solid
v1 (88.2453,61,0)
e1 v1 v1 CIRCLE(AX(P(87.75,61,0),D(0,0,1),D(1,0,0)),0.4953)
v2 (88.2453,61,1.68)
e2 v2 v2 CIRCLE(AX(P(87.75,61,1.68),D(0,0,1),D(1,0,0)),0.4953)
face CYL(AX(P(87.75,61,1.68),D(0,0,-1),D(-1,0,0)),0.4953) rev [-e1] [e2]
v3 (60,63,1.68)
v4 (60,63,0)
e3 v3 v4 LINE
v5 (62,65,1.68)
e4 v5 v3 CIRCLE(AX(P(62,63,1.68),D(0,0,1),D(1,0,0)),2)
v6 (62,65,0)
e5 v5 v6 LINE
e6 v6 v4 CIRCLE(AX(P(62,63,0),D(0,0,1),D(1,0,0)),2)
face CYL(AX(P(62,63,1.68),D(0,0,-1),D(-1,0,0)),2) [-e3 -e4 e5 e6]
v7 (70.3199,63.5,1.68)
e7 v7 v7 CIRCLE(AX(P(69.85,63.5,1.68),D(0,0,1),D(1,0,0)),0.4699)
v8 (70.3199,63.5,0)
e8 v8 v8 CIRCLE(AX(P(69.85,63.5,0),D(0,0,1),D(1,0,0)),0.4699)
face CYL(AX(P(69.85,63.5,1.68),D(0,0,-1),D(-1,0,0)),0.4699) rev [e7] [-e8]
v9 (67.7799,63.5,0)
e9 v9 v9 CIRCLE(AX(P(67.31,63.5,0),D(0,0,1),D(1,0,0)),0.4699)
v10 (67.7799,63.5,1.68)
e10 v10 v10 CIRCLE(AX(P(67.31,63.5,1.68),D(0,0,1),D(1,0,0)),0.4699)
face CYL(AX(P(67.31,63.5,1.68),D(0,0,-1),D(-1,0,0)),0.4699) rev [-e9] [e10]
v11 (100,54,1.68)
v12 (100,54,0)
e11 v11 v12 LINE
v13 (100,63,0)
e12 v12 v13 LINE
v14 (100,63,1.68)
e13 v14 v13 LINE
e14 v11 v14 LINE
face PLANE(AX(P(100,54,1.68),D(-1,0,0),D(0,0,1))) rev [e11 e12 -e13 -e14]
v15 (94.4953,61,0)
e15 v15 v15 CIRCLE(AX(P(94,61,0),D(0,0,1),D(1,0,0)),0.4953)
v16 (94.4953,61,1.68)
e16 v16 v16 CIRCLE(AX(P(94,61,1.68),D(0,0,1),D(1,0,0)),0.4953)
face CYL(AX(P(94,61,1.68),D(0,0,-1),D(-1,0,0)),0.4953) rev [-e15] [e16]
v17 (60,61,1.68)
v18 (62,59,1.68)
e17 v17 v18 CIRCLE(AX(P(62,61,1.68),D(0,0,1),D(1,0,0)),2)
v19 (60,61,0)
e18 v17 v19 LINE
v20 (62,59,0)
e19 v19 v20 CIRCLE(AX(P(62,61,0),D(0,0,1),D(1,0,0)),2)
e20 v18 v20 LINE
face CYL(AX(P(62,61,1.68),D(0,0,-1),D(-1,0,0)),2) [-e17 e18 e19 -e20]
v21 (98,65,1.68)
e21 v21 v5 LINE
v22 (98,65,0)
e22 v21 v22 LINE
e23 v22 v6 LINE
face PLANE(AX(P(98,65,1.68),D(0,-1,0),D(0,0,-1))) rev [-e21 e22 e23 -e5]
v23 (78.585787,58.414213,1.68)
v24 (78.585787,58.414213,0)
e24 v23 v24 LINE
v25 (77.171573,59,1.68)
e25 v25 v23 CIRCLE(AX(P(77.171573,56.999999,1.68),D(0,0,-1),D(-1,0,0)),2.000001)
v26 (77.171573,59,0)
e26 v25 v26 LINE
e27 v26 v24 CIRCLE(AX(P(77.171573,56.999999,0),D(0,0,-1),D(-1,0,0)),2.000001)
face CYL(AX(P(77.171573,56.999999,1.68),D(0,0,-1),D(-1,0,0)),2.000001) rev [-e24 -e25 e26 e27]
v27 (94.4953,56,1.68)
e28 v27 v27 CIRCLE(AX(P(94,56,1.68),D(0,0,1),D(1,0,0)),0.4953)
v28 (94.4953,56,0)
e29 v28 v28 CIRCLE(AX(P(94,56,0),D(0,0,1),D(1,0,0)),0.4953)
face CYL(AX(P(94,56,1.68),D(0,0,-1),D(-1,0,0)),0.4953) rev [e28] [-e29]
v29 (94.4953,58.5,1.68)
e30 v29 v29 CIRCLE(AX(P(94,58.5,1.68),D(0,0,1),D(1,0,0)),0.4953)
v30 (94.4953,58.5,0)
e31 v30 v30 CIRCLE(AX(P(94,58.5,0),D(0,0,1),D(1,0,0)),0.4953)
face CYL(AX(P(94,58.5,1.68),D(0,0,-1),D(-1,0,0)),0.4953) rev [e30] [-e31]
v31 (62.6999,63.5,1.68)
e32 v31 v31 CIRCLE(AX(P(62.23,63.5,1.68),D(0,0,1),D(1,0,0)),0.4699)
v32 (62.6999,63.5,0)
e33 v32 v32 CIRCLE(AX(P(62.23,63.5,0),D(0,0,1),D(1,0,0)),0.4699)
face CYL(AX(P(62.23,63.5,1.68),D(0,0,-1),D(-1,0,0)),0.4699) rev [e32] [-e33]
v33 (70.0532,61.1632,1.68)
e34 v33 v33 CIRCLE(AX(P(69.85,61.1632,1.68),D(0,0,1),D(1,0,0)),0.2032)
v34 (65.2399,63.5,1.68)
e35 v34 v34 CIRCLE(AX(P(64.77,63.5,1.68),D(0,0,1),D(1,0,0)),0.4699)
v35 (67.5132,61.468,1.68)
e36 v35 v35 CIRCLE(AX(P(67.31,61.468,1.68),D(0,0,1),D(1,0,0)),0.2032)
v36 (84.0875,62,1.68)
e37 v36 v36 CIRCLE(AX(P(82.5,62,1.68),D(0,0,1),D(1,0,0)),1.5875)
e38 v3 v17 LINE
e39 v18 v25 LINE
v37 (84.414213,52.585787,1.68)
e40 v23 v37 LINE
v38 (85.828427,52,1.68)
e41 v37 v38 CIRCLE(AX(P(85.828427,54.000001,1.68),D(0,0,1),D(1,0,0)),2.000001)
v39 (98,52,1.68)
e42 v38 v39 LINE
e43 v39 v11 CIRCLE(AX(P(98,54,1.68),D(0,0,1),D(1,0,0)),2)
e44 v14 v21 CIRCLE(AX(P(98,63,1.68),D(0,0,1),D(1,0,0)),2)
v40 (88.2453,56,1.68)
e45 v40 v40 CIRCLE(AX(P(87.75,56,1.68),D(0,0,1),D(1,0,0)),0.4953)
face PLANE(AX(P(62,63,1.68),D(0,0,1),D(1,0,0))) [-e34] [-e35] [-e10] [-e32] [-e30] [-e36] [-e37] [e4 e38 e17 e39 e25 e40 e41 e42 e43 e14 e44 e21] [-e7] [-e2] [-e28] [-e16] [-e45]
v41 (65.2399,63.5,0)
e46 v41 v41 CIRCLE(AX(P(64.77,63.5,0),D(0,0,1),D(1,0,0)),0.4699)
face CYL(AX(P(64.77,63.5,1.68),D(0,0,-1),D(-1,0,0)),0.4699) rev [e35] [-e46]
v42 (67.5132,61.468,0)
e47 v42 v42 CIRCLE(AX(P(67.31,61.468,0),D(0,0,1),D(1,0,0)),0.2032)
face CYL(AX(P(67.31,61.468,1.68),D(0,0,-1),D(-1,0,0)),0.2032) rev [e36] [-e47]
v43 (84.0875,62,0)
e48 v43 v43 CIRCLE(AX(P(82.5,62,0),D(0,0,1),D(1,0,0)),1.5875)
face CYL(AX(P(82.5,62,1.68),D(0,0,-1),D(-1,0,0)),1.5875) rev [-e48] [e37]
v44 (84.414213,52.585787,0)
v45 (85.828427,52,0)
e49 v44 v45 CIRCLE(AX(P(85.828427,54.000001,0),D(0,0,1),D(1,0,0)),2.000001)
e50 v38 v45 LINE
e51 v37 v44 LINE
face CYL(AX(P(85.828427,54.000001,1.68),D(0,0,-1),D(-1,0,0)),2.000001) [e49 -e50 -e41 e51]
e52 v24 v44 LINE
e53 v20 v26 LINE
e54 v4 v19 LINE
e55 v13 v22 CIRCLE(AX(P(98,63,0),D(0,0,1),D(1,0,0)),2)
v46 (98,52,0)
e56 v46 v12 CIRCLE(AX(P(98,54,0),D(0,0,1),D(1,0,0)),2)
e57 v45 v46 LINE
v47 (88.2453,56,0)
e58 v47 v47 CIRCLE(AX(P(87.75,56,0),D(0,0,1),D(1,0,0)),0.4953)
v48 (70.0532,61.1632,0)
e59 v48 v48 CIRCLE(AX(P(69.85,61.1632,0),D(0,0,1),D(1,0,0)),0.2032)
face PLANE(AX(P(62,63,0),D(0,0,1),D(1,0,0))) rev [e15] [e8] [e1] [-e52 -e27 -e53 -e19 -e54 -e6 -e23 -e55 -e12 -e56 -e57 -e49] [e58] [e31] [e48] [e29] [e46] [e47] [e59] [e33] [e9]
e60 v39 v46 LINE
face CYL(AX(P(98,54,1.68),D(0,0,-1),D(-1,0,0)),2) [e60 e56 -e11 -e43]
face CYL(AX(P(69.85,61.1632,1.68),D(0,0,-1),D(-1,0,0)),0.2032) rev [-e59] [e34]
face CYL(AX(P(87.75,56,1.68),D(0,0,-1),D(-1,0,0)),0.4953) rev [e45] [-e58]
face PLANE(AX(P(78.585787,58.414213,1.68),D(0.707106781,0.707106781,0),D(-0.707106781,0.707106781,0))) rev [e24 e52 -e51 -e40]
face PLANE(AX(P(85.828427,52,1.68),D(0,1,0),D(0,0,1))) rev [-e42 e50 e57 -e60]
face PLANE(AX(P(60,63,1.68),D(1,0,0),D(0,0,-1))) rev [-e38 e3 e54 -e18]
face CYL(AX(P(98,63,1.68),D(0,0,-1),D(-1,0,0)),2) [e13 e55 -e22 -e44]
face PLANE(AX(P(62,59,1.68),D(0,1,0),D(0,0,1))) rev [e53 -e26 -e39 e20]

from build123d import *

# Parameters (mm, degrees)
BOARD_DEPTH        = 1.68
SKETCH2_R          = 0.2032
SKETCH2_R_2        = 0.4699
SKETCH2_R_3        = 1.5875
SKETCH2_R_4        = 0.4953
PLATED_HOLES_DEPTH = 2.68


with BuildPart() as part:
    # Sketch1 → BOARD (new body)
    with BuildSketch(Plane.XY):
        with BuildLine():
            Line((60, 63), (60, 61))
            ThreePointArc((60, 61), (60.585786438, 59.585786438), (62, 59))
            Line((62, 59), (77.171572667, 59))
            ThreePointArc((77.171572667, 59), (77.936939773, 58.847758994), (78.585786667, 58.414213333))
            Line((78.585786667, 58.414213333), (84.414213333, 52.585786667))
            ThreePointArc((84.414213333, 52.585786667), (85.063060227, 52.152241006), (85.828427333, 52))
            Line((85.828427333, 52), (98, 52))
            ThreePointArc((98, 52), (99.414213562, 52.585786438), (100, 54))
            Line((100, 54), (100, 63))
            ThreePointArc((100, 63), (99.414213562, 64.414213562), (98, 65))
            Line((98, 65), (62, 65))
            ThreePointArc((62, 65), (60.585786438, 64.414213562), (60, 63))
        make_face()
    extrude(amount=BOARD_DEPTH)

    # Sketch2 → PLATED HOLES (cut, through all)
    with BuildSketch(Plane.XY):
        with Locations((67.31, 61.468)):
            Circle(SKETCH2_R)
        with Locations((62.23, 63.5)):
            Circle(SKETCH2_R_2)
        with Locations((64.77, 63.5)):
            Circle(SKETCH2_R_2)
        with Locations((67.31, 63.5)):
            Circle(SKETCH2_R_2)
        with Locations((69.85, 61.1632)):
            Circle(SKETCH2_R)
        with Locations((69.85, 63.5)):
            Circle(SKETCH2_R_2)
        with Locations((82.499999998, 62.000000003)):
            Circle(SKETCH2_R_3)
        with Locations((87.749999989, 55.999999989)):
            Circle(SKETCH2_R_4)
        with Locations((87.749999989, 60.999999996)):
            Circle(SKETCH2_R_4)
        with Locations((94.000000011, 58.499999992)):
            Circle(SKETCH2_R_4)
        with Locations((94.000000011, 55.999999989)):
            Circle(SKETCH2_R_4)
        with Locations((94.000000011, 60.999999996)):
            Circle(SKETCH2_R_4)
    extrude(amount=PLATED_HOLES_DEPTH, mode=Mode.SUBTRACT)


solid = part.part
